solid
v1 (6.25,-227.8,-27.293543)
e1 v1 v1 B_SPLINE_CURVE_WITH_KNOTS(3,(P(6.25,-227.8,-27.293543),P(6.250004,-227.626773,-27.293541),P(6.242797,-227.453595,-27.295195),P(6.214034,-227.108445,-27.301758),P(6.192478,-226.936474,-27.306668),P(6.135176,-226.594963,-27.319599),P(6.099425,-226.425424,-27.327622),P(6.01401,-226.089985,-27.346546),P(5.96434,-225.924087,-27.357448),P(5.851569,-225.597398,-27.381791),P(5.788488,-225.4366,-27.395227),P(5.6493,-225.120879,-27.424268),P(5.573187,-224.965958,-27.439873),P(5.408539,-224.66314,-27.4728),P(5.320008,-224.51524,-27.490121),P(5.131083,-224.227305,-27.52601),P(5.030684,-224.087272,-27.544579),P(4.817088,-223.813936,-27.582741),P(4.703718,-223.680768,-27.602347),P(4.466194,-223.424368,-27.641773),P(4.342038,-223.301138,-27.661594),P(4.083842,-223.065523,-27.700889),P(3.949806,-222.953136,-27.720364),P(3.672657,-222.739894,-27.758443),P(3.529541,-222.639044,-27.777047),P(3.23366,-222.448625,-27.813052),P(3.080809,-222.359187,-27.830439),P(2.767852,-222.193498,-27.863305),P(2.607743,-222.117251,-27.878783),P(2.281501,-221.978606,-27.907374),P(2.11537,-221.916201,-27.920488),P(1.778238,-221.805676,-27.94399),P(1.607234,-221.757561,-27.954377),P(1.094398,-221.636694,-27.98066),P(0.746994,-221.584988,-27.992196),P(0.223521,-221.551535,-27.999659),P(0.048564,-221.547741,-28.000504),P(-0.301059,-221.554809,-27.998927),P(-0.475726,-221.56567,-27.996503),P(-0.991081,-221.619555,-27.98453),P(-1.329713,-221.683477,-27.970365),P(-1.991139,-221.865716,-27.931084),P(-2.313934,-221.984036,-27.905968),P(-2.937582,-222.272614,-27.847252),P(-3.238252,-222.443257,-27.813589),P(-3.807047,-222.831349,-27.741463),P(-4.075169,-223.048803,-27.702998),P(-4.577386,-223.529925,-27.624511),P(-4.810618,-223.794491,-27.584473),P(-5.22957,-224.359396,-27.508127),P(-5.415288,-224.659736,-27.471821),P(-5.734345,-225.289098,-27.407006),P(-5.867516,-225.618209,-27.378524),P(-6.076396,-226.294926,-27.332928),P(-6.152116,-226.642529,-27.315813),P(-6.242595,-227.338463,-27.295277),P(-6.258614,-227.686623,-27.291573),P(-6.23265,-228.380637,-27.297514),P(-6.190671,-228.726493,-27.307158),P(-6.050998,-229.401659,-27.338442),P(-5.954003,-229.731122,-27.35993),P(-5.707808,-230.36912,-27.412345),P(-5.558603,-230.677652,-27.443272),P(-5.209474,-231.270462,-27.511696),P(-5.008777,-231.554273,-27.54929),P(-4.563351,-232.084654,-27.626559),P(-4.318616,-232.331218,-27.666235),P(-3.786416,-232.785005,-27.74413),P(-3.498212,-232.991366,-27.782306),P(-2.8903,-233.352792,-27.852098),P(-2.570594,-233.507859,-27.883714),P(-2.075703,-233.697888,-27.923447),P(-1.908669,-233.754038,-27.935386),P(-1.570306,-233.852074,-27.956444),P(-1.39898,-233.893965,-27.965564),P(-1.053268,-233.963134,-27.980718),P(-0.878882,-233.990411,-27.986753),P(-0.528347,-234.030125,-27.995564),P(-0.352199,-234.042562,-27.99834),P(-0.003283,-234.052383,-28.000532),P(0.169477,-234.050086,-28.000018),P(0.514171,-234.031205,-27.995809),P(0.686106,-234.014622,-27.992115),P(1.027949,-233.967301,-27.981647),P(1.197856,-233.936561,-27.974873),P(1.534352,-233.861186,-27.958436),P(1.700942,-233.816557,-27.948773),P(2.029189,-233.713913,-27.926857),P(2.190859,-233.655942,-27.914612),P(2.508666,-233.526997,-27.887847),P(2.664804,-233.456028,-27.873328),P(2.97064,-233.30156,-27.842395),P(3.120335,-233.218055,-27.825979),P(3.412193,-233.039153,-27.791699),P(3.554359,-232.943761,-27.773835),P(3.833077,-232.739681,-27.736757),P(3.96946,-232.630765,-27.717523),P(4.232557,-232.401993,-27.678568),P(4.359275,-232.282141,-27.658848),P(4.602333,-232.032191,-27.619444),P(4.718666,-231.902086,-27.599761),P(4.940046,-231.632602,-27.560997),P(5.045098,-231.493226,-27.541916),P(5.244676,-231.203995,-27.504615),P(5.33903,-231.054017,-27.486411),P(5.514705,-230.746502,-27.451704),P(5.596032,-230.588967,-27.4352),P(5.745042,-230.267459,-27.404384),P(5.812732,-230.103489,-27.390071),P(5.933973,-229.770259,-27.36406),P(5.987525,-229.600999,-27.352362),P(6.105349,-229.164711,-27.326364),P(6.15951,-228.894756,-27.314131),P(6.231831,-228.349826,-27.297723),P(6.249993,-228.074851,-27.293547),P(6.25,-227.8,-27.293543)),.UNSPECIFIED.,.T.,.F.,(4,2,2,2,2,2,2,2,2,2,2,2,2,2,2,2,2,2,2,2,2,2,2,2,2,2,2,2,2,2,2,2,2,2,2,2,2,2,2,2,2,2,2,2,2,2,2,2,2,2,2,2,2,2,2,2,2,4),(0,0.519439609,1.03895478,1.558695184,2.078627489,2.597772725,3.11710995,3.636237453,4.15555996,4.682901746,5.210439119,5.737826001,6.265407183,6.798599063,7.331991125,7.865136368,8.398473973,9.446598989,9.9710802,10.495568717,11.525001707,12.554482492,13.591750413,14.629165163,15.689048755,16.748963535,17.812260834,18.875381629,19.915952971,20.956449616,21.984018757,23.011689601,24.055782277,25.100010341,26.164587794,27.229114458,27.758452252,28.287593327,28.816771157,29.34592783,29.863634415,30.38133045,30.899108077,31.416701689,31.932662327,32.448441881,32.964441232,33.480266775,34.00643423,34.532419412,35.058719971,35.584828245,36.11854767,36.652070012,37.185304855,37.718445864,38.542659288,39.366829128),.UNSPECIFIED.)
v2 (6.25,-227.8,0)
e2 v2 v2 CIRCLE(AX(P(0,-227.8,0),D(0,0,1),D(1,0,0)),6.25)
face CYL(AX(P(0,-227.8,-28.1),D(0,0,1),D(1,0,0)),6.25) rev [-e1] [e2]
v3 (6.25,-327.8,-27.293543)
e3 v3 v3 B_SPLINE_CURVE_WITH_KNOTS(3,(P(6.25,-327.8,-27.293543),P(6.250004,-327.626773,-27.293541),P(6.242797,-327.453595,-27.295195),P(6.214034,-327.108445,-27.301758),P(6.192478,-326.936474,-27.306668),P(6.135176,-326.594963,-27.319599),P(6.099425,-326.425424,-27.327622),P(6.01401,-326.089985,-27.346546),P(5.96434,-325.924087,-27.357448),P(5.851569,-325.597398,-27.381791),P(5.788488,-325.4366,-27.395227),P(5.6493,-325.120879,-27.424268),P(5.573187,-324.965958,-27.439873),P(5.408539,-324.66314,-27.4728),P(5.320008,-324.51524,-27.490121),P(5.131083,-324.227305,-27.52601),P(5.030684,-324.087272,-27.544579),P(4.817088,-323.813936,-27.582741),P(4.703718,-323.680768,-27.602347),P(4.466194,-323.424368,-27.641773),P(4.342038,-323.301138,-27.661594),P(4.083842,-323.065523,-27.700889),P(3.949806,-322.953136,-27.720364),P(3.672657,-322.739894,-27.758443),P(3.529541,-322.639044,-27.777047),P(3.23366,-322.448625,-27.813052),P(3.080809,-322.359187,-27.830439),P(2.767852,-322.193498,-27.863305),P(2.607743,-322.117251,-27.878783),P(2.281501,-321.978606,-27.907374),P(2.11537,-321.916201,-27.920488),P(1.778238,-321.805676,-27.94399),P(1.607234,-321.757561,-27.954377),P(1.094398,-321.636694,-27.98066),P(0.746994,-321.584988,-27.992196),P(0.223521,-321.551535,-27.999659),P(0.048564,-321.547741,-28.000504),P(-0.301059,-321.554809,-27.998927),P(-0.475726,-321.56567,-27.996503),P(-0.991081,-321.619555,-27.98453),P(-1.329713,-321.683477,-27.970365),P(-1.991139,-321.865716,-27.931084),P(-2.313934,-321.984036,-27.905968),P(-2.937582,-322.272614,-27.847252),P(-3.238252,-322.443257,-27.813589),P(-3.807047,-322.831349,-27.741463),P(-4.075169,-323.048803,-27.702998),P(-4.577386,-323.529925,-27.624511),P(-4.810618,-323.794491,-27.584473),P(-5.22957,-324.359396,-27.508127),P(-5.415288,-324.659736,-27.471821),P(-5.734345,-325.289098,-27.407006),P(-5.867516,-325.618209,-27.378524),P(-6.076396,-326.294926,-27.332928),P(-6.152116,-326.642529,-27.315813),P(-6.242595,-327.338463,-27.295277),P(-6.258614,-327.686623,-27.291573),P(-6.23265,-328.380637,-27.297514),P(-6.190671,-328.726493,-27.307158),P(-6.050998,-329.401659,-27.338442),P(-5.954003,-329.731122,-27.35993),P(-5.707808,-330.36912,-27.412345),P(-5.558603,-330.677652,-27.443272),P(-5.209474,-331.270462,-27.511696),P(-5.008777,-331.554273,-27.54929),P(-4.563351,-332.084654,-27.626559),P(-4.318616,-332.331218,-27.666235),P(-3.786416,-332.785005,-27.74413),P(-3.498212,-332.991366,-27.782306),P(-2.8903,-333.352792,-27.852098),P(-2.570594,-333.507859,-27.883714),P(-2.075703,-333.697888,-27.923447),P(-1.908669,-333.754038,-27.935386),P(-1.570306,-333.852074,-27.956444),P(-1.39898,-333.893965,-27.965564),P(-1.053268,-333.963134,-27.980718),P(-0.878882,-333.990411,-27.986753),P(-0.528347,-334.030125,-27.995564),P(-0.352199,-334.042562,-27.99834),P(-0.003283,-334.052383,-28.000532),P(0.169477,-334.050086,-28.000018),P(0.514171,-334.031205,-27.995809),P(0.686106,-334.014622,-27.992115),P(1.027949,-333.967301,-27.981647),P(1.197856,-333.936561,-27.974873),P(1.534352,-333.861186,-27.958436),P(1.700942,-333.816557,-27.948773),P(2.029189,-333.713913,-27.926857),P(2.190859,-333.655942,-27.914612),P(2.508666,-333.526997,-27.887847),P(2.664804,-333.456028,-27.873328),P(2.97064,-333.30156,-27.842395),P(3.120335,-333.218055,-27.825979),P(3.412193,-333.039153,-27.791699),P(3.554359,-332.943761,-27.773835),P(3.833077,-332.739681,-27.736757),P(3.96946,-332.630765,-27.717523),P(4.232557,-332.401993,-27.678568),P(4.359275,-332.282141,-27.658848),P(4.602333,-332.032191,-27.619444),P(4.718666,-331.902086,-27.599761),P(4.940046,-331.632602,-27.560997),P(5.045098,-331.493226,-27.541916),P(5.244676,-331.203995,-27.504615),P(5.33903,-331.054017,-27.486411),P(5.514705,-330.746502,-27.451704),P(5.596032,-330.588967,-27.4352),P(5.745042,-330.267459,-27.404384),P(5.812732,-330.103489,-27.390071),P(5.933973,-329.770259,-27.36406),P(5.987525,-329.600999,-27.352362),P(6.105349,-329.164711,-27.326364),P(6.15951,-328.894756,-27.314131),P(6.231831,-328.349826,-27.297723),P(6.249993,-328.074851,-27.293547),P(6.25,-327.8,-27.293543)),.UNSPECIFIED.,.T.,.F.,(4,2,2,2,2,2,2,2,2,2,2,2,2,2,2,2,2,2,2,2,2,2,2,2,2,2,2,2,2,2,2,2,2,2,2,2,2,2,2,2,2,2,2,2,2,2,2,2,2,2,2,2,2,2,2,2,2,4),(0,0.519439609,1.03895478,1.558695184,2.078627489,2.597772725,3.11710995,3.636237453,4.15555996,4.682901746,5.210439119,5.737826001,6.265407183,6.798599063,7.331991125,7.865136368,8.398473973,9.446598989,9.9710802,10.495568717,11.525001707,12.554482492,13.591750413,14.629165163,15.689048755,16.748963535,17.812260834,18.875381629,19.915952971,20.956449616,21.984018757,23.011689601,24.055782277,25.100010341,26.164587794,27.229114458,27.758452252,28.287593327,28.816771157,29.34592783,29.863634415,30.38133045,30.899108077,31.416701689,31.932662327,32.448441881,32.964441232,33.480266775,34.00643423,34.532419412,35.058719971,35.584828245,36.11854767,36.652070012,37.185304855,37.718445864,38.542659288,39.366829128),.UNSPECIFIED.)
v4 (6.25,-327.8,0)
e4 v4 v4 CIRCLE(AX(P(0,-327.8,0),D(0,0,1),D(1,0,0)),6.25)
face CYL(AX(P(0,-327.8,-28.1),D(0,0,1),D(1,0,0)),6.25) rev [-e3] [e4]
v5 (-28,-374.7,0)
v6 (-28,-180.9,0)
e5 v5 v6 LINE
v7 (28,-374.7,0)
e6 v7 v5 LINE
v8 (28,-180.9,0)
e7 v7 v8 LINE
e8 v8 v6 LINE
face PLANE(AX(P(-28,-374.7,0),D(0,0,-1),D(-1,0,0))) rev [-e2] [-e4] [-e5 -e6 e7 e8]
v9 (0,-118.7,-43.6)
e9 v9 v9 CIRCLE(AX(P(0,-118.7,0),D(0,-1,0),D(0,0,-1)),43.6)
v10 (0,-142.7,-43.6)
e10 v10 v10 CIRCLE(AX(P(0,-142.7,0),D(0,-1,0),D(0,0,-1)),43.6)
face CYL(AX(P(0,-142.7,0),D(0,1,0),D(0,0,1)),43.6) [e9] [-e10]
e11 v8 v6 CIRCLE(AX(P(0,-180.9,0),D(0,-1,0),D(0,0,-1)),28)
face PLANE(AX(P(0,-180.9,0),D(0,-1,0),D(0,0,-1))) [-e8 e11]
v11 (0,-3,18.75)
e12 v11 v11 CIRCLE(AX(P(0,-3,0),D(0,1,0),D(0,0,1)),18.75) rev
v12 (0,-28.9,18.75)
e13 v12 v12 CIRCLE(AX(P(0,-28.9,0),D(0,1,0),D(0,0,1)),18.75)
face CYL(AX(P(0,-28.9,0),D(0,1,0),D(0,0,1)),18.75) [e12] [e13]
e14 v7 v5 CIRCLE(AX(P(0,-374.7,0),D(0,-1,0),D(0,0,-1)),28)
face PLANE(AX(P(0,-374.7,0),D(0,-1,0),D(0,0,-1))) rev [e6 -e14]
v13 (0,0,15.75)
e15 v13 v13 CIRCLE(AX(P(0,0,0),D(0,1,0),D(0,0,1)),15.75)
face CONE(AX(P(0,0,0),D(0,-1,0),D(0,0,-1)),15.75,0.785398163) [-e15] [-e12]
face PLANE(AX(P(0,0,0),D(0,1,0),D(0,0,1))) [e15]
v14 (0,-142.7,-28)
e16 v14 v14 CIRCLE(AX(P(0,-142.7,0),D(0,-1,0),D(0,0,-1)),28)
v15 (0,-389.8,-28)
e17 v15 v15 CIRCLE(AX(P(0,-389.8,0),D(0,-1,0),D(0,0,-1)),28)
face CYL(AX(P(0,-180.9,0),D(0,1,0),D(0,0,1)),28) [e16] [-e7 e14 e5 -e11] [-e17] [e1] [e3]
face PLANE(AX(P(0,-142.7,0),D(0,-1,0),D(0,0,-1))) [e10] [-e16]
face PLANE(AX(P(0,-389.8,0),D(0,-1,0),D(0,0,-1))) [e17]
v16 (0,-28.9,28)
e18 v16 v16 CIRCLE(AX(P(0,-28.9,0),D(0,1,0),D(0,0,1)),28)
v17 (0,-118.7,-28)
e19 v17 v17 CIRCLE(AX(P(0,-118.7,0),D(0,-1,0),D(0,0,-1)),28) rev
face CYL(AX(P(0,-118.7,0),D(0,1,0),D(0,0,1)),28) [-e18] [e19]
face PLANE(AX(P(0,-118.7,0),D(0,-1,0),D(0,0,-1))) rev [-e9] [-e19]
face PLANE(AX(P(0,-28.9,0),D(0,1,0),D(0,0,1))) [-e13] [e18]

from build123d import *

# Parameters (mm, degrees)
SKETCH1_R           = 28
BOSS_EXTRUDE1_DEPTH = 118.7
SKETCH3_R           = 43.6
BOSS_EXTRUDE2_DEPTH = 24
SKETCH4_R           = 28
SKETCH4_R_2         = 18.75
CUT_EXTRUDE1_DEPTH  = 28.9
CHAMFER1_SIZE       = 3
SKETCH6_R           = 28
BOSS_EXTRUDE3_DEPTH = 38.2
BOSS_EXTRUDE4_DEPTH = 193.8
SKETCH9_R           = 28
BOSS_EXTRUDE5_DEPTH = 15.1
SKETCH10_R          = 6.25
CUT_EXTRUDE2_DEPTH  = 28.1


with BuildPart() as part:
    # Sketch1 → Boss-Extrude1 (new body)
    with BuildSketch(Plane(origin=(0, 0, 0), x_dir=(1, 0, 0), z_dir=(0, 1, 0))):
        Circle(SKETCH1_R)
    extrude(amount=-BOSS_EXTRUDE1_DEPTH)

    # Sketch3 → Boss-Extrude2 (add)
    with BuildSketch(Plane.XZ.offset(118.7)):
        Circle(SKETCH3_R)
    extrude(amount=BOSS_EXTRUDE2_DEPTH)

    # Sketch4 → Cut-Extrude1 (cut)
    with BuildSketch(Plane(origin=(0, 0, 0), x_dir=(1, 0, 0), z_dir=(0, 1, 0))):
        Circle(SKETCH4_R)
        Circle(SKETCH4_R_2, mode=Mode.SUBTRACT)
    extrude(amount=-CUT_EXTRUDE1_DEPTH, mode=Mode.SUBTRACT)

    # Chamfer1
    chamfer1_edges = [part.edges().sort_by_distance(p)[0] for p in [
        (-18.75, 0, 0),
    ]]
    chamfer(chamfer1_edges, length=CHAMFER1_SIZE)

    # Sketch6 → Boss-Extrude3 (add)
    with BuildSketch(Plane.XZ.offset(142.7)):
        Circle(SKETCH6_R)
    extrude(amount=BOSS_EXTRUDE3_DEPTH)

    # Sketch8 → Boss-Extrude4 (add)
    with BuildSketch(Plane.XZ.offset(180.9)):
        with BuildLine():
            Line((-28, 0), (28, 0))
            ThreePointArc((28, 0), (0, -28), (-28, 0))
        make_face()
    extrude(amount=BOSS_EXTRUDE4_DEPTH)

    # Sketch9 → Boss-Extrude5 (add)
    with BuildSketch(Plane.XZ.offset(374.7)):
        Circle(SKETCH9_R)
    extrude(amount=BOSS_EXTRUDE5_DEPTH)

    # Sketch10 → Cut-Extrude2 (cut)
    with BuildSketch(Plane.XY):
        with Locations((0, -227.8)):
            Circle(SKETCH10_R)
        with Locations((0, -327.8)):
            Circle(SKETCH10_R)
    extrude(amount=-CUT_EXTRUDE2_DEPTH, mode=Mode.SUBTRACT)


solid = part.part
